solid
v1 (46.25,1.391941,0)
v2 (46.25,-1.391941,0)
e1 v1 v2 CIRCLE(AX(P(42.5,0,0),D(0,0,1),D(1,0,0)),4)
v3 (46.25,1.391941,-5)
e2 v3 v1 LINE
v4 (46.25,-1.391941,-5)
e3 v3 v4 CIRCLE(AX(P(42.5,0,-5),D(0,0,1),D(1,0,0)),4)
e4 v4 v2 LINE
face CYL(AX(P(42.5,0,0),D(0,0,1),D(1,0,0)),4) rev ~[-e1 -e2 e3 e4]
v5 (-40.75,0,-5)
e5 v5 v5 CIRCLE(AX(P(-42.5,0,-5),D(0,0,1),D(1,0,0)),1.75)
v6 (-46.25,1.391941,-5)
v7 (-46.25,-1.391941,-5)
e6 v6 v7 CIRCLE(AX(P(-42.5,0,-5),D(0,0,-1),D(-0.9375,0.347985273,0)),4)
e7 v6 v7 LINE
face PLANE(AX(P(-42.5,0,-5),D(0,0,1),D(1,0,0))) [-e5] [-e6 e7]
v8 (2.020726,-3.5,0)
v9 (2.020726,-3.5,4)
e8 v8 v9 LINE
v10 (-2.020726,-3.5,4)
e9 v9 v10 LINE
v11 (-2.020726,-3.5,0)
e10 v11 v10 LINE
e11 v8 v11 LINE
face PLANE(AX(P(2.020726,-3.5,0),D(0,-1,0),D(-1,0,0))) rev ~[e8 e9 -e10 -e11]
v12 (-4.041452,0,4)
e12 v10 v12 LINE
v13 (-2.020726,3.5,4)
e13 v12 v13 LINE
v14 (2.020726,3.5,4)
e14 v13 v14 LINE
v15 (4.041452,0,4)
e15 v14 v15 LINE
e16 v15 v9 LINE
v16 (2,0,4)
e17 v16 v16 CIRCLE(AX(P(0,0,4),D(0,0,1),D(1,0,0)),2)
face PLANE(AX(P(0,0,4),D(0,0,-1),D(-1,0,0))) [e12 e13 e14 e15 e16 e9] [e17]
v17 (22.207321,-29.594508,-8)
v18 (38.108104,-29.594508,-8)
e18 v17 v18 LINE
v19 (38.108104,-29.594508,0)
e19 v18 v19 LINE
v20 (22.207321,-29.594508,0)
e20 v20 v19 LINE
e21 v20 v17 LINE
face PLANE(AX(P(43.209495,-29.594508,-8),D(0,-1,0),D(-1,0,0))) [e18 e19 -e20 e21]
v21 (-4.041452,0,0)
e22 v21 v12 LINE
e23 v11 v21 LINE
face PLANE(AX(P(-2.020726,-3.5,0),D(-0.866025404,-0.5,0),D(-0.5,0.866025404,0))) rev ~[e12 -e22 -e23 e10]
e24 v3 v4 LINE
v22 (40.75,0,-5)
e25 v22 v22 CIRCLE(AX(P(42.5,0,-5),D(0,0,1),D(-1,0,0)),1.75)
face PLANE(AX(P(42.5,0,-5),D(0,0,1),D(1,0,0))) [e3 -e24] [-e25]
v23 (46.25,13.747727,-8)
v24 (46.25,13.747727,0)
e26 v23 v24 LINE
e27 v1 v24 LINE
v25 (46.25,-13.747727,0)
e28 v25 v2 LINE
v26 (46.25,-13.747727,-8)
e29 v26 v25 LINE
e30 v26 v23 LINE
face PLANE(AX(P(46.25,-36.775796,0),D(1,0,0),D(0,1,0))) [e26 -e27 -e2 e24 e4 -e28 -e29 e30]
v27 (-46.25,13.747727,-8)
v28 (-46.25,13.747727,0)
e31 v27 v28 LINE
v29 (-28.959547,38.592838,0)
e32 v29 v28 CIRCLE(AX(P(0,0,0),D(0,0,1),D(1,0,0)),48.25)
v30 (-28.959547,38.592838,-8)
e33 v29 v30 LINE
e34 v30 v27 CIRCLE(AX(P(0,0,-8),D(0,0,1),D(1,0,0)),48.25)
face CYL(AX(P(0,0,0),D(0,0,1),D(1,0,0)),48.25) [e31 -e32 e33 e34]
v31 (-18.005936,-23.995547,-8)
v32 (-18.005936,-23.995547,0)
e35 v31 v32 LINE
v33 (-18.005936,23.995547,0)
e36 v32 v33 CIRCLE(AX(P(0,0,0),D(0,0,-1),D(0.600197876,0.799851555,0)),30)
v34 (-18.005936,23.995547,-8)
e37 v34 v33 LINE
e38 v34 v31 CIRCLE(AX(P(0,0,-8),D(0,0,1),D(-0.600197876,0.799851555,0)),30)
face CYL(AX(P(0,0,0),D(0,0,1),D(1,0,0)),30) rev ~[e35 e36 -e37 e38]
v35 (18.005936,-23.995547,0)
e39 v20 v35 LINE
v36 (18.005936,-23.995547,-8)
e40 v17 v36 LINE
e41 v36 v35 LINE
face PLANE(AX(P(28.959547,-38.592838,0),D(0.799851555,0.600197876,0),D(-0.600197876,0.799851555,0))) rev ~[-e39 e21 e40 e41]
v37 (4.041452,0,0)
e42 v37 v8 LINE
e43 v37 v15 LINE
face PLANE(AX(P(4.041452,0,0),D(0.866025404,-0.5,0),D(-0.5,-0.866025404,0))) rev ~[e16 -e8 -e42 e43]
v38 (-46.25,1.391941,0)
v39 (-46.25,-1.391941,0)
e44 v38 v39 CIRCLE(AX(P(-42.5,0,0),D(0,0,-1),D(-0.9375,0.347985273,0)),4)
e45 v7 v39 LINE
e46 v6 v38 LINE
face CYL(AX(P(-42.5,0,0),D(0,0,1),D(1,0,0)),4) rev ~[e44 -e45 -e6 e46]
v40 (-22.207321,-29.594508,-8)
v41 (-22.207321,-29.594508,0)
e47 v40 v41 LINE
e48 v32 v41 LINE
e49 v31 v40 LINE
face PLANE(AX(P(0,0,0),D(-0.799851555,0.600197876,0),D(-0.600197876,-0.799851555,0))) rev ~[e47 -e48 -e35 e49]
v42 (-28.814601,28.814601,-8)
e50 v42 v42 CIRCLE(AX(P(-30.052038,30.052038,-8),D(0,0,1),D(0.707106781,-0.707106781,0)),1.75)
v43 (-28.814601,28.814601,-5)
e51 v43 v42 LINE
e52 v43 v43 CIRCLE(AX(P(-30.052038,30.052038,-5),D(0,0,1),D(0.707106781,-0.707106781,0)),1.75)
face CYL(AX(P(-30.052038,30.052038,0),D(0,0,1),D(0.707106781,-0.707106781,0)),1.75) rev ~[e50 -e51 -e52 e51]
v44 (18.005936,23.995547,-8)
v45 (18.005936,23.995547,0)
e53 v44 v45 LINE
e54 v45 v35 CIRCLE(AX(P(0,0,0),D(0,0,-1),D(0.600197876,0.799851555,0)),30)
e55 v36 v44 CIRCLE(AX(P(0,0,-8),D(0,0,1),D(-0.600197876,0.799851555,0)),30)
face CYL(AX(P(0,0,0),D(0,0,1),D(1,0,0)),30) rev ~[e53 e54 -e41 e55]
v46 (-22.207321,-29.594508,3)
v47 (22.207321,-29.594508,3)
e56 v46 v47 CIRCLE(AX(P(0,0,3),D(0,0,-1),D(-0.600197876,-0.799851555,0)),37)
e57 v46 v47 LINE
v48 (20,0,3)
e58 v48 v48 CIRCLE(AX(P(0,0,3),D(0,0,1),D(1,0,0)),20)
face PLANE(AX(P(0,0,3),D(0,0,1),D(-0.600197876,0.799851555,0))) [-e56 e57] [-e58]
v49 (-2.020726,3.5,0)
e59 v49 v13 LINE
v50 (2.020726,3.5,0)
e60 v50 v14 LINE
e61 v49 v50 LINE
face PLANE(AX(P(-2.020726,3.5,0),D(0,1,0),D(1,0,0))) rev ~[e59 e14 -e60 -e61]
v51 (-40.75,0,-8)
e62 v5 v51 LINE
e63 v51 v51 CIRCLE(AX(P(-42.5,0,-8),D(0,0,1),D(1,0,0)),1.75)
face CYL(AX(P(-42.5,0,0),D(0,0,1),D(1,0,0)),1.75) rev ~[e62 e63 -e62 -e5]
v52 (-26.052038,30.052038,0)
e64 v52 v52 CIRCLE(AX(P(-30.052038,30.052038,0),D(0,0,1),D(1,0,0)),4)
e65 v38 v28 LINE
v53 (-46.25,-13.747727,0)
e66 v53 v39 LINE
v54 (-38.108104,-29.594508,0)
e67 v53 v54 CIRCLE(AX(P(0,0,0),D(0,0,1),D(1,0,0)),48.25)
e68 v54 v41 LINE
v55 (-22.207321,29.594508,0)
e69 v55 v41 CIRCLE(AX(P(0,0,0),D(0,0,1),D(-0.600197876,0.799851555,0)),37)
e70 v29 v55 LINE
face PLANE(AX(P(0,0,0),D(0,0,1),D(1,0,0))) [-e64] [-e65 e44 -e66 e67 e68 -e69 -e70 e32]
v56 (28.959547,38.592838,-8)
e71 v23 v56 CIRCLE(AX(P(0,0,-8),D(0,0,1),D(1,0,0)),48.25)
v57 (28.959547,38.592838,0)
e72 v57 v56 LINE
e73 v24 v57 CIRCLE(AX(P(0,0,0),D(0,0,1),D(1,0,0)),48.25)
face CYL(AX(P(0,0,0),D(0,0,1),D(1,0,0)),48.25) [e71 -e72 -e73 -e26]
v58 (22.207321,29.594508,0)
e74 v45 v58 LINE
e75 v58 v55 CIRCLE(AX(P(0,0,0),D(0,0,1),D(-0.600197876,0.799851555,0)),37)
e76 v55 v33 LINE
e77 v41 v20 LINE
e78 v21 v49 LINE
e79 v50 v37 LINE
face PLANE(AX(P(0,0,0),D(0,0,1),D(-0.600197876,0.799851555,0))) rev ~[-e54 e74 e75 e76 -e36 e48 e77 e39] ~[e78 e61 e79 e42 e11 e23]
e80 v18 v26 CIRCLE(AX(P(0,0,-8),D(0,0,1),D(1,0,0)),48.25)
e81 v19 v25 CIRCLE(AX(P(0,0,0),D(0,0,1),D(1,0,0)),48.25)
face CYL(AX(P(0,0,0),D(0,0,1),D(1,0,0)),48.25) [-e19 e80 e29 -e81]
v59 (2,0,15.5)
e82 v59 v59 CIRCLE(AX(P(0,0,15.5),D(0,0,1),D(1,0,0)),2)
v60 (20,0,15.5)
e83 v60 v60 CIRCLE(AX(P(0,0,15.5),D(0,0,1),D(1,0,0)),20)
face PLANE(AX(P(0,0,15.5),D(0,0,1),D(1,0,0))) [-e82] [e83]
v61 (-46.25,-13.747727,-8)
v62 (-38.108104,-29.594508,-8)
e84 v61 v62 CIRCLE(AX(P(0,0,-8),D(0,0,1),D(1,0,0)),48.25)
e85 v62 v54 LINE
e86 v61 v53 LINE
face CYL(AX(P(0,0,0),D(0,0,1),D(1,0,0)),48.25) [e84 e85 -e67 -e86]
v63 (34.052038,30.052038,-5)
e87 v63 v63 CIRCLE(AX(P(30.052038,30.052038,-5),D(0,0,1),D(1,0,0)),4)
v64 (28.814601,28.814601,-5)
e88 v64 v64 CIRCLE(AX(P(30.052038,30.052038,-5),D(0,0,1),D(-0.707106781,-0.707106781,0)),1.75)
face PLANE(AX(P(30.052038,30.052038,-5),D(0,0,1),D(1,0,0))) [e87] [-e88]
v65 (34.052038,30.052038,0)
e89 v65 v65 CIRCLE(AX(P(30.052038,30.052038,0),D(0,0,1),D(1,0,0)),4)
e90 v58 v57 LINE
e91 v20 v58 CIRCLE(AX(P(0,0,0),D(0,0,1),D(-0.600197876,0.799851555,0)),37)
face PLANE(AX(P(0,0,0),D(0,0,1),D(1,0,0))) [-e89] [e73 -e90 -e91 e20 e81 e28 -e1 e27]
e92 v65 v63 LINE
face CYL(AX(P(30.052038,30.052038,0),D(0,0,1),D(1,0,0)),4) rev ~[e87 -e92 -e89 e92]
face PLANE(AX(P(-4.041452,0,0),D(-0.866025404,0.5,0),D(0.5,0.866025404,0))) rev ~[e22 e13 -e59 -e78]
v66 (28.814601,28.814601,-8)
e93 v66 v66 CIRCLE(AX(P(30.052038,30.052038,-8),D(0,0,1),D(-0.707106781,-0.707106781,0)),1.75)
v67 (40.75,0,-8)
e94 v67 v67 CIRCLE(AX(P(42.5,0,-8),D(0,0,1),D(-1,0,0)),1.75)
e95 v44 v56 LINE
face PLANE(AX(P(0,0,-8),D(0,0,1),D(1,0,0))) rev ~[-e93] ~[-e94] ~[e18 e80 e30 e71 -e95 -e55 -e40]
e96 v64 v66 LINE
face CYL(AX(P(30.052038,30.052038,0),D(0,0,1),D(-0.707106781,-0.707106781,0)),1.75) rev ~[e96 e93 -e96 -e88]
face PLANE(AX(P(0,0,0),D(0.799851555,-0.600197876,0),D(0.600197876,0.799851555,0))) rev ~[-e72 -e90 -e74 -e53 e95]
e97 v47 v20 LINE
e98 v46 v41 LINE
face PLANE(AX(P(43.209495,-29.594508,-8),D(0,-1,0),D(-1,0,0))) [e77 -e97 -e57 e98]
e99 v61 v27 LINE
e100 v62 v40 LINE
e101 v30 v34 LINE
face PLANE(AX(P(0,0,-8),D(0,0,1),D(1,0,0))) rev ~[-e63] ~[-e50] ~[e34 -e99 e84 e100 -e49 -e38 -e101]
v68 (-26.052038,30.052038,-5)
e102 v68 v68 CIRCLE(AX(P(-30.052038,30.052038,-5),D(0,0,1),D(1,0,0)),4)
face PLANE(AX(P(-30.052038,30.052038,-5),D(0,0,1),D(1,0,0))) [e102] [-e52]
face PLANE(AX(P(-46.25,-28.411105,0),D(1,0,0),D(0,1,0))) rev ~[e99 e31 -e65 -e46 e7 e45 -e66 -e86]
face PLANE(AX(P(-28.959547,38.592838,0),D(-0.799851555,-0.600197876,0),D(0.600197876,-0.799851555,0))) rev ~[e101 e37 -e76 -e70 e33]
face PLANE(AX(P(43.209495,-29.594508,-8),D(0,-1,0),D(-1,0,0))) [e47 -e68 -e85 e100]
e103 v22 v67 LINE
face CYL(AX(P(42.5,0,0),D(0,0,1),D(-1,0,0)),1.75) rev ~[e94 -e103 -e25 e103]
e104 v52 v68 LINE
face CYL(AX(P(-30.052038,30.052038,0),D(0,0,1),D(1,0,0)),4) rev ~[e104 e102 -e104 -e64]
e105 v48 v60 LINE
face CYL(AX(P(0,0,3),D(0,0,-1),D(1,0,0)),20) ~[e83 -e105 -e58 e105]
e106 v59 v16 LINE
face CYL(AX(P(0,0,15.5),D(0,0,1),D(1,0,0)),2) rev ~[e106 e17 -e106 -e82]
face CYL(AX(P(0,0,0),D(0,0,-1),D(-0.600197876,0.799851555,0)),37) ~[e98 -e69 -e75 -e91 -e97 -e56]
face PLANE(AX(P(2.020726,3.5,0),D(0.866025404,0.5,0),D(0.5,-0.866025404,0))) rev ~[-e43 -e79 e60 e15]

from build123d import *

# Parameters (mm, degrees)
SKETCH1_R           = 48.25
BOSS_EXTRUDE1_DEPTH = 8
SKETCH2_W           = 17.162038191
SKETCH2_H           = 56.822210482
SKETCH2_W_2         = 16.152506533
SKETCH2_H_2         = 65.186901365
CUT_EXTRUDE1_DEPTH  = 8
SKETCH3_R           = 30
CUT_EXTRUDE2_DEPTH  = 8
SKETCH4_R           = 1.75
CUT_EXTRUDE3_DEPTH  = 10
CIRPATTERN1_COUNT   = 8
CUT_EXTRUDE4_DEPTH  = 10
CIRPATTERN2_COUNT   = 2
SKETCH10_R          = 4
CUT_EXTRUDE6_DEPTH  = 5
SKETCH11_R          = 37
BOSS_EXTRUDE2_DEPTH = 3
SKETCH12_R          = 20
BOSS_EXTRUDE3_DEPTH = 12.5
SKETCH13_R          = 2
CUT_EXTRUDE8_DEPTH  = 38
CUT_EXTRUDE9_DEPTH  = 4
SKETCH15_W          = 91.603546033
SKETCH15_H          = 22.115690979
CUT_EXTRUDE10_DEPTH = 34
SKETCH9_R           = 4
CUT_EXTRUDE11_DEPTH = 5
SKETCH16_W          = 4.965700005
SKETCH16_H          = 2.207169135
SKETCH16_W_2        = 4.07415349
BOSS_EXTRUDE4_DEPTH = 8


with BuildPart() as part:
    # Sketch1 → Boss-Extrude1 (new body)
    with BuildSketch(Plane.XY):
        Circle(SKETCH1_R)
    extrude(amount=-BOSS_EXTRUDE1_DEPTH)

    # Sketch2 → Cut-Extrude1 (cut)
    with BuildSketch(Plane.XY):
        with Locations((-54.831019095, 0)):
            Rectangle(SKETCH2_W, SKETCH2_H)
        with Locations((54.326253267, -4.182345442)):
            Rectangle(SKETCH2_W_2, SKETCH2_H_2)
    extrude(amount=-CUT_EXTRUDE1_DEPTH, mode=Mode.SUBTRACT)

    # Sketch3 → Cut-Extrude2 (cut)
    with BuildSketch(Plane.XY):
        Circle(SKETCH3_R)
    extrude(amount=-CUT_EXTRUDE2_DEPTH, mode=Mode.SUBTRACT)

    # Sketch4 → Cut-Extrude3 (cut)
    with BuildSketch(Plane.XY):
        with Locations((-42.5, 0)):
            Circle(SKETCH4_R)
    cut_extrude3 = extrude(amount=-CUT_EXTRUDE3_DEPTH, mode=Mode.SUBTRACT)

    # CirPattern1: Cut-Extrude3 ×8 about axis
    cirpattern1_axis = Axis((0, 0, 0), (0, 0, 1))
    for i in range(1, CIRPATTERN1_COUNT):
        add(cut_extrude3.rotate(cirpattern1_axis, i * 360 / CIRPATTERN1_COUNT), mode=Mode.SUBTRACT)

    # Sketch8 → Cut-Extrude4 (cut)
    with BuildSketch(Plane.XY):
        with BuildLine():
            Line((-28.959547499, 38.59283753), (0, 0))
            Line((0, 0), (28.959547499, 38.59283753))
            ThreePointArc((28.959547499, 38.59283753), (0, 48.25), (-28.959547499, 38.59283753))
        make_face()
    cut_extrude4 = extrude(amount=-CUT_EXTRUDE4_DEPTH, mode=Mode.SUBTRACT)

    # CirPattern2: Cut-Extrude4 ×2 about axis
    cirpattern2_axis = Axis((0, 0, 0), (0, 0, 1))
    for i in range(1, CIRPATTERN2_COUNT):
        add(cut_extrude4.rotate(cirpattern2_axis, i * 360 / CIRPATTERN2_COUNT), mode=Mode.SUBTRACT)

    # Sketch10 → Cut-Extrude6 (cut)
    with BuildSketch(Plane.XY):
        with Locations((42.5, 0)):
            Circle(SKETCH10_R)
        with Locations((30.0520382, 30.0520382)):
            Circle(SKETCH10_R)
    extrude(amount=-CUT_EXTRUDE6_DEPTH, mode=Mode.SUBTRACT)

    # Sketch11 → Boss-Extrude2 (add)
    with BuildSketch(Plane.XY):
        with Locations(Location((0, 0, 0), (0, 0, 126.884070759))):
            Circle(SKETCH11_R)
    extrude(amount=BOSS_EXTRUDE2_DEPTH)

    # Sketch12 → Boss-Extrude3 (add)
    with BuildSketch(Plane.XY.offset(3)):
        Circle(SKETCH12_R)
    extrude(amount=BOSS_EXTRUDE3_DEPTH)

    # Sketch13 → Cut-Extrude8 (cut)
    with BuildSketch(Plane.XY.offset(15.5)):
        Circle(SKETCH13_R)
    extrude(amount=-CUT_EXTRUDE8_DEPTH, mode=Mode.SUBTRACT)

    # Sketch14 → Cut-Extrude9 (cut)
    with BuildSketch(Plane(origin=(0, 0, 0), x_dir=(-1, 0, 0), z_dir=(0, 0, -1))):
        Polygon((-2.020725942, -3.5), (2.020725942, -3.5), (4.041451884, 0), (2.020725942, 3.5), (-2.020725942, 3.5), (-4.041451884, 0), align=None)
    extrude(amount=-CUT_EXTRUDE9_DEPTH, mode=Mode.SUBTRACT)

    # Sketch15 → Cut-Extrude10 (cut)
    with BuildSketch(Plane(origin=(0, 0, -8), x_dir=(-1, 0, 0), z_dir=(0, 0, -1))):
        with Locations((2.592277623, -40.652353026)):
            Rectangle(SKETCH15_W, SKETCH15_H)
    extrude(amount=-CUT_EXTRUDE10_DEPTH, mode=Mode.SUBTRACT)

    # Sketch9 → Cut-Extrude11 (cut)
    with BuildSketch(Plane.XY):
        with Locations((-42.5, 0)):
            Circle(SKETCH9_R)
        with Locations((-30.0520382, 30.0520382)):
            Circle(SKETCH9_R)
    extrude(amount=-CUT_EXTRUDE11_DEPTH, mode=Mode.SUBTRACT)

    # Sketch16 → Boss-Extrude4 (add)
    with BuildSketch(Plane.XY):
        with Locations((-30.845756565, -28.490922969)):
            Rectangle(SKETCH16_W, SKETCH16_H)
        with Locations((29.704093094, -28.490922969)):
            Rectangle(SKETCH16_W_2, SKETCH16_H)
    extrude(amount=-BOSS_EXTRUDE4_DEPTH)


solid = part.part
